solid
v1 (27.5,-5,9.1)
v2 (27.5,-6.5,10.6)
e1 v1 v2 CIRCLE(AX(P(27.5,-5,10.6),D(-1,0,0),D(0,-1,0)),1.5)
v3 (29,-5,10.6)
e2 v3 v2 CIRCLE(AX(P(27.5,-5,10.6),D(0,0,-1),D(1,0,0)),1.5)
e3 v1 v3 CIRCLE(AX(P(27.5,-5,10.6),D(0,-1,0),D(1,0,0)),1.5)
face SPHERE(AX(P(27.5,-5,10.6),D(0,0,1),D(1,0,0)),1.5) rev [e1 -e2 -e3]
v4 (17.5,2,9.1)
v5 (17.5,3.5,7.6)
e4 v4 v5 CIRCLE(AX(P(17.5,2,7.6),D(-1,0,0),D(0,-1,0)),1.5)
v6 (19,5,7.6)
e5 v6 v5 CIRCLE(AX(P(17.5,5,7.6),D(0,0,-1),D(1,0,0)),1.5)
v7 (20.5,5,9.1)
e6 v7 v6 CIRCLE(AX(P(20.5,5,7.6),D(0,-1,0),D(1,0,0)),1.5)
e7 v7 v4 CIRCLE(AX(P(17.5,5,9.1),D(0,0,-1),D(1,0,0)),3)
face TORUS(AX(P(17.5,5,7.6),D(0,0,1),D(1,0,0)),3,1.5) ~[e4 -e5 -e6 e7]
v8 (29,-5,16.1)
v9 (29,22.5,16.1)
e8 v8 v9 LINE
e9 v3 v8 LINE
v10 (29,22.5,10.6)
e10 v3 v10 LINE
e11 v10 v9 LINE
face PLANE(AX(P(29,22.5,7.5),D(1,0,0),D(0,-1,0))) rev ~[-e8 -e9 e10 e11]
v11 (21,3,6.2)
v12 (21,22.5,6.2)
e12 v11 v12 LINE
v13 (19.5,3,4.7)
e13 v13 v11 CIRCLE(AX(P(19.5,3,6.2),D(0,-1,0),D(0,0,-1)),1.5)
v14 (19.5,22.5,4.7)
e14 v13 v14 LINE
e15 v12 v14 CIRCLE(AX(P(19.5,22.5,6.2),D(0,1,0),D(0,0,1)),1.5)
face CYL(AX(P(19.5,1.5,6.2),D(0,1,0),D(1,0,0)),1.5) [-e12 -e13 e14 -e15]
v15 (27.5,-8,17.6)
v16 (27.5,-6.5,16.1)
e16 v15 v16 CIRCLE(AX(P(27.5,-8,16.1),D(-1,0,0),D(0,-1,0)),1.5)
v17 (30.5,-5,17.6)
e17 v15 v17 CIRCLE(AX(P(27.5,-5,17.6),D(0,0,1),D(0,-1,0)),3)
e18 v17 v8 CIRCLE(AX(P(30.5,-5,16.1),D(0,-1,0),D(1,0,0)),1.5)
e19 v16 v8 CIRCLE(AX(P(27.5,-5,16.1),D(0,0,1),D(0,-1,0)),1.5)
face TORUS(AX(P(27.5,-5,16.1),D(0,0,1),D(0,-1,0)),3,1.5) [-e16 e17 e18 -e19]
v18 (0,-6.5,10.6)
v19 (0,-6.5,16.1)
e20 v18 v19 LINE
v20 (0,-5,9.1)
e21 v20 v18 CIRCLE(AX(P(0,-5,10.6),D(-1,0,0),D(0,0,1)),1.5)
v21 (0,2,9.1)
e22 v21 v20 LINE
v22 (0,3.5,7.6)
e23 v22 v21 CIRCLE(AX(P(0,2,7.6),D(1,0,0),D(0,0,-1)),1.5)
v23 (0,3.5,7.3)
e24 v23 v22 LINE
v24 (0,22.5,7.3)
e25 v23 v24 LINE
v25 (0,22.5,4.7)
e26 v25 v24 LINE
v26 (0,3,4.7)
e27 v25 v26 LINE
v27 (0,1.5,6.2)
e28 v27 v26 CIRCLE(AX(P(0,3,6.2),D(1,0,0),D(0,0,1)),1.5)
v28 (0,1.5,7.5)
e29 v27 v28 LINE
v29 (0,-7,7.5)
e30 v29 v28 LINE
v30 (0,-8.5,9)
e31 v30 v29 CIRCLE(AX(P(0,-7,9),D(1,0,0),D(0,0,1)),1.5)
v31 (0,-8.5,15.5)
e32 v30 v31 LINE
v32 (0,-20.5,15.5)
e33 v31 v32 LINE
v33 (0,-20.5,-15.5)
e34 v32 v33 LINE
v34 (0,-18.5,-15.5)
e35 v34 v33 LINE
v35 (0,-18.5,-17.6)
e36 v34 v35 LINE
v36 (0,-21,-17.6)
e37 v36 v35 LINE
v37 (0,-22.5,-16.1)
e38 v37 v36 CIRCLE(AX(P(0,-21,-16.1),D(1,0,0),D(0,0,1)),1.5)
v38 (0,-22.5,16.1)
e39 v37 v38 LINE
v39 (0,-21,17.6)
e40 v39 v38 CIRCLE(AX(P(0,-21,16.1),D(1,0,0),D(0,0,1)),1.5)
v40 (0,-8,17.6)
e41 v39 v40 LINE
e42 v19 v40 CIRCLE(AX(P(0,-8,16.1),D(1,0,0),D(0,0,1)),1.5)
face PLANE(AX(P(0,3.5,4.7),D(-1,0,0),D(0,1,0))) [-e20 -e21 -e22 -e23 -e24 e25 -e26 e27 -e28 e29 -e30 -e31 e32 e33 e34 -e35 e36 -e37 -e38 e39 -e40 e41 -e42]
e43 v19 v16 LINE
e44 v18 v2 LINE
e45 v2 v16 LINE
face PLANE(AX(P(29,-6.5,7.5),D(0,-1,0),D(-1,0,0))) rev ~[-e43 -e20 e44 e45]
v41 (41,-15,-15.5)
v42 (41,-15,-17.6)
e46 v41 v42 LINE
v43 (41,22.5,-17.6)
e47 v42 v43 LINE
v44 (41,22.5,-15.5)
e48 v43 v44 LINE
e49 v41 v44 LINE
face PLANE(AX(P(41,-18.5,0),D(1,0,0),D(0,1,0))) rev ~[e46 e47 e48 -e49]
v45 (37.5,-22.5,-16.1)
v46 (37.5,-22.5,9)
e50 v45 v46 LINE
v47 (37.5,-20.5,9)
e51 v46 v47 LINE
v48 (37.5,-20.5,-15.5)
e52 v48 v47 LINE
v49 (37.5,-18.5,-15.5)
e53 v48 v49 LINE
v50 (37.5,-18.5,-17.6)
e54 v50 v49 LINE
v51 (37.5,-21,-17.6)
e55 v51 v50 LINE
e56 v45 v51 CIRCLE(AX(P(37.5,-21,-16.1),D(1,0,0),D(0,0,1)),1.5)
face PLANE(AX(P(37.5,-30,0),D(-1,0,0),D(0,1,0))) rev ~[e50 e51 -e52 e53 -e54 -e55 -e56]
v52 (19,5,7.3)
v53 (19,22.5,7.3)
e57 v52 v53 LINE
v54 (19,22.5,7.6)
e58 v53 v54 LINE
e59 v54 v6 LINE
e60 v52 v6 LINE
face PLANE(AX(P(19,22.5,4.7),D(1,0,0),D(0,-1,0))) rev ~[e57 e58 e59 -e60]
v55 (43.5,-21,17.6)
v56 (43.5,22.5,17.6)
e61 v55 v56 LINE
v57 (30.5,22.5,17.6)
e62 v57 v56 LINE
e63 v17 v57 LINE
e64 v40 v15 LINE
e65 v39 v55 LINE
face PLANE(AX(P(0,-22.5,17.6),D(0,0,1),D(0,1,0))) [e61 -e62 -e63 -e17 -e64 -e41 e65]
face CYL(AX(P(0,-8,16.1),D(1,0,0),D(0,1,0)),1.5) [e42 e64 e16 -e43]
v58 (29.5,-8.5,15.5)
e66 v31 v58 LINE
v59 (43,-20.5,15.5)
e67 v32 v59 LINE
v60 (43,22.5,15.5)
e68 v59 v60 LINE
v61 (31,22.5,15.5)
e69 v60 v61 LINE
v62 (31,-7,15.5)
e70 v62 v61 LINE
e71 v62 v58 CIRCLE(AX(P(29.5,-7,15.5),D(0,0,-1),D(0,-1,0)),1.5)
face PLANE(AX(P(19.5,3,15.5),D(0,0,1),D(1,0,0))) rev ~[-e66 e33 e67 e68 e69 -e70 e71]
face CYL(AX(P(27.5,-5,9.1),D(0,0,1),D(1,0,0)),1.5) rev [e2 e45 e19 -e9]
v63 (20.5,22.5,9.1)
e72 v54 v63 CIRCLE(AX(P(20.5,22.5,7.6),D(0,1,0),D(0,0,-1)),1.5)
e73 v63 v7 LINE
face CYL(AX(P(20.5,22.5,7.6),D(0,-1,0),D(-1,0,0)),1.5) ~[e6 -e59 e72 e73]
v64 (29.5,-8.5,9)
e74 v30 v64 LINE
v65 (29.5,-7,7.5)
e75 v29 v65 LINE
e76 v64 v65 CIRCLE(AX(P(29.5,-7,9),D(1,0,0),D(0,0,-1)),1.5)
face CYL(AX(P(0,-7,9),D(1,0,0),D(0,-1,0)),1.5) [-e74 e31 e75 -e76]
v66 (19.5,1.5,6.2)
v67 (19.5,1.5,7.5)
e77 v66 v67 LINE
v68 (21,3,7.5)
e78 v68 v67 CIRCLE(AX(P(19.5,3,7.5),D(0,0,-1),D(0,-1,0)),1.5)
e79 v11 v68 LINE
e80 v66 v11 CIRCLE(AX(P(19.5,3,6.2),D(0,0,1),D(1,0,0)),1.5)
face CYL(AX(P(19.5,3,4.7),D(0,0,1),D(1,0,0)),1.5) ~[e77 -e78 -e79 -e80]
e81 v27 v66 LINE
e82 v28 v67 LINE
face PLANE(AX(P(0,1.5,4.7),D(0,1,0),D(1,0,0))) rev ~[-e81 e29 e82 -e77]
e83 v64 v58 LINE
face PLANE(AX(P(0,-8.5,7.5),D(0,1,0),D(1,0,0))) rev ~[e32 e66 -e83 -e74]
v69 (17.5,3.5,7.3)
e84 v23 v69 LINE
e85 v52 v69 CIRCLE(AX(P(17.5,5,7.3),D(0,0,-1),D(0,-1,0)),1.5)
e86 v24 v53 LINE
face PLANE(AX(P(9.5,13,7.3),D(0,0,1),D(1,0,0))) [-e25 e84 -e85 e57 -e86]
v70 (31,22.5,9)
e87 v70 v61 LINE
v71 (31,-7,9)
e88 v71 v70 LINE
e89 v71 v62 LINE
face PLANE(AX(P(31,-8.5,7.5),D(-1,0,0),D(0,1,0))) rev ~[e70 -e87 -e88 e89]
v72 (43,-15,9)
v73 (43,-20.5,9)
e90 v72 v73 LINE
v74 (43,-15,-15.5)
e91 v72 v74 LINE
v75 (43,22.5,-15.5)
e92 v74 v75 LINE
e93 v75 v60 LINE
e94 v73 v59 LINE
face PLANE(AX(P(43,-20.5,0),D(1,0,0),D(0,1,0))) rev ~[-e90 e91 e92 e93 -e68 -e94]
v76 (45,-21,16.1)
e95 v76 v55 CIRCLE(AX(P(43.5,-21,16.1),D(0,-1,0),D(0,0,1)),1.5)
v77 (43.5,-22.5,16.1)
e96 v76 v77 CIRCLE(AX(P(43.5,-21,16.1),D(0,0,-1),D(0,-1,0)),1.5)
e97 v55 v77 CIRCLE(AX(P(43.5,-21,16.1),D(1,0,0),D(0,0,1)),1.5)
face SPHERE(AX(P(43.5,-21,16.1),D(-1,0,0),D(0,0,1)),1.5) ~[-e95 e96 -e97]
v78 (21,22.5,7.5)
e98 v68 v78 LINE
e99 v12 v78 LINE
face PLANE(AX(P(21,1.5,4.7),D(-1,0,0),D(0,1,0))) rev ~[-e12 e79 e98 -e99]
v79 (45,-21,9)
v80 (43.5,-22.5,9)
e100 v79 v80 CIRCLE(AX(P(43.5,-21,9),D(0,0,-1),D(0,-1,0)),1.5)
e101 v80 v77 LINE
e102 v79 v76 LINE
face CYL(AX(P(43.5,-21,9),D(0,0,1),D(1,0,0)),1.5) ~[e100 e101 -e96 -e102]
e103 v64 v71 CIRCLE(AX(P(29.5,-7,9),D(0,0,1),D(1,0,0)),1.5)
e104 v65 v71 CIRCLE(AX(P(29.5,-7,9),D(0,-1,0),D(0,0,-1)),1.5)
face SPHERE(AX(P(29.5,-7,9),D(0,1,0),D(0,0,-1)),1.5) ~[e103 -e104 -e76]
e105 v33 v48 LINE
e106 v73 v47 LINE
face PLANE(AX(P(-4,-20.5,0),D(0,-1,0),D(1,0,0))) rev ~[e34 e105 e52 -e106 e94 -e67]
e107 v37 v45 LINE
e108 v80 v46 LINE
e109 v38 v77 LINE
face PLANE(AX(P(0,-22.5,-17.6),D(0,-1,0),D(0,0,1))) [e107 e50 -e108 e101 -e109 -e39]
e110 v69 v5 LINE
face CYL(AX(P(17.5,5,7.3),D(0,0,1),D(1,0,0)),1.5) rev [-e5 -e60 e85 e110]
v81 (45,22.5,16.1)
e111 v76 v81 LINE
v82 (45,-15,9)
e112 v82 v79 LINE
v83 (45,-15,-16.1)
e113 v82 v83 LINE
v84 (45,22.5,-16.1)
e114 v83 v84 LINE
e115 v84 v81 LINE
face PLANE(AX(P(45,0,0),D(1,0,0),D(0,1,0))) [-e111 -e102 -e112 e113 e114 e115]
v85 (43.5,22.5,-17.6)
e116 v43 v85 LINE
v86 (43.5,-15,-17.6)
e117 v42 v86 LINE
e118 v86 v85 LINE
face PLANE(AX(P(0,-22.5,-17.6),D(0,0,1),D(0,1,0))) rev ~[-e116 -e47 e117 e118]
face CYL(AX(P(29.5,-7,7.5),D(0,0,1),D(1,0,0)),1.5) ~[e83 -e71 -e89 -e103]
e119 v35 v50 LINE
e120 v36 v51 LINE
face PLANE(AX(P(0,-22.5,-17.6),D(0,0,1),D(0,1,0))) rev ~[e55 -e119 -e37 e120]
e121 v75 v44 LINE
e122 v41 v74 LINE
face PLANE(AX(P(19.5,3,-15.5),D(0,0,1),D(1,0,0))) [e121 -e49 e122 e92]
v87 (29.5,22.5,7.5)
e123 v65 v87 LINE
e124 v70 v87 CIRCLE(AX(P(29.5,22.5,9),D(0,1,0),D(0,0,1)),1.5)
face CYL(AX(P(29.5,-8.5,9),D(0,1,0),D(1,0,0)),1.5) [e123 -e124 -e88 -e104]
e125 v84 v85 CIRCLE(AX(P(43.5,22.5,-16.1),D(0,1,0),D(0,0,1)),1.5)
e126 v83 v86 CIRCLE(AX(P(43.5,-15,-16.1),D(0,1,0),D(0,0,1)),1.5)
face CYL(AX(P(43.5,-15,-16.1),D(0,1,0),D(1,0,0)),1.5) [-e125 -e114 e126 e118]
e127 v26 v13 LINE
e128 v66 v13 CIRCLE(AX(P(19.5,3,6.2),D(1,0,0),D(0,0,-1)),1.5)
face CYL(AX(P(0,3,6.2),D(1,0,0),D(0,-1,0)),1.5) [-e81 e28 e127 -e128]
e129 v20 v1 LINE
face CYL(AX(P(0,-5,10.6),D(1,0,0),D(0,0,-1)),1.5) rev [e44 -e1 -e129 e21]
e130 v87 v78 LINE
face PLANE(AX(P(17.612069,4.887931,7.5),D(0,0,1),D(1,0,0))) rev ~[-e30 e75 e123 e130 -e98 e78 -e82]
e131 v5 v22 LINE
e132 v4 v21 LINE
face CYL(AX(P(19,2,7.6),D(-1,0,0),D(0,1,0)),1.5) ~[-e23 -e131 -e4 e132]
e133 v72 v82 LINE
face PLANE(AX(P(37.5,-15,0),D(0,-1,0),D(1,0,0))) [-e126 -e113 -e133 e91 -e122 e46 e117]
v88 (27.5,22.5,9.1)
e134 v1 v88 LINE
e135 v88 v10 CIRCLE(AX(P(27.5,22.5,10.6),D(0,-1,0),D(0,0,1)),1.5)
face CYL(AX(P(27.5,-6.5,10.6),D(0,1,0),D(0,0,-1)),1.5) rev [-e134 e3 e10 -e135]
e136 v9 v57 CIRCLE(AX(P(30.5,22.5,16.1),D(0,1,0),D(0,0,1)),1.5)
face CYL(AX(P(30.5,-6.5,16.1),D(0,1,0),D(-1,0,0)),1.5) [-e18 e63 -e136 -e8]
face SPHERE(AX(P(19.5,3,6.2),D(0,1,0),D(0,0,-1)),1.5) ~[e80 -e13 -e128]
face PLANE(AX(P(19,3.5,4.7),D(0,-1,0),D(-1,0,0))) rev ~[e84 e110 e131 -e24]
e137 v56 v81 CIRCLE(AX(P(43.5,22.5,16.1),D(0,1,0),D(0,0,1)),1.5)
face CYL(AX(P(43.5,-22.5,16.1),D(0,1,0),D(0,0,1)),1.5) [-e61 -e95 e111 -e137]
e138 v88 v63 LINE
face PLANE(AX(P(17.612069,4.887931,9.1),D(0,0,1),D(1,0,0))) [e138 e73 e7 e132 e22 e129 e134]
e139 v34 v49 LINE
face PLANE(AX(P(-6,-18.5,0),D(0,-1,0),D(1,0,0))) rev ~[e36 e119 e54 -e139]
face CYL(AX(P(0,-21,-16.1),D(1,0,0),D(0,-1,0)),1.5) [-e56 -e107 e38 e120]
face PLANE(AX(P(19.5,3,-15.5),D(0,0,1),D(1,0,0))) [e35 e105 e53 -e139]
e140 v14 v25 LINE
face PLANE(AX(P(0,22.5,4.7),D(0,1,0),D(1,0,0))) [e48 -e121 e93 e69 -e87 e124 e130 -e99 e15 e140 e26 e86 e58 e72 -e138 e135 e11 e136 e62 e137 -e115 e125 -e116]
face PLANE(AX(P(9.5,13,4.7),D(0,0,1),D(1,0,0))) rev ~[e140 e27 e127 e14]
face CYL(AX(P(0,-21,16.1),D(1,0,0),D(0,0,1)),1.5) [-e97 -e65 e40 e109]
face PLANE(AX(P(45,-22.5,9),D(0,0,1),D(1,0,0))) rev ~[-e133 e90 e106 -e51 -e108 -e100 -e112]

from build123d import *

# Parameters (mm, degrees)
F0_W          = 45
F0_H          = 35.2
F1_DEPTH      = 45
F2_W          = 29
F2_H          = 29
F3_DEPTH      = 22.5
F4_W          = 47
F4_H          = 47
F5_DEPTH      = 15.5
F6_W          = 47
F6_H          = 47
F7_DEPTH      = 28
F8_W          = 15
F8_H          = 15
F9_DEPTH      = 24.7
F9_DEPTH_BACK = 9
F11_START     = 7.5
F11_DEPTH     = 8
F13_START     = 7.5
F13_DEPTH     = 1.6
F15_START     = 4.7
F15_DEPTH     = 2.8
F17_START     = 4.7
F16_W         = 19
F16_H         = 19
F17_DEPTH     = 2.6
F18_R         = 1.5


with BuildPart() as f1:
    # F0 (on Right) → F1 (new body)
    with BuildSketch(Plane.YZ):
        Rectangle(F0_W, F0_H)
    extrude(amount=F1_DEPTH)

    # F2 (on Top) → F3 (cut, symmetric)
    with BuildSketch(Plane.XY):
        with Locations((14.5, 8)):
            Rectangle(F2_W, F2_H)
    extrude(amount=F3_DEPTH, both=True, mode=Mode.SUBTRACT)

    # F4 (on Top) → F5 (cut, symmetric)
    with BuildSketch(Plane.XY):
        with Locations((19.5, 3)):
            Rectangle(F4_W, F4_H)
    extrude(amount=F5_DEPTH, both=True, mode=Mode.SUBTRACT)

    # F6 (on Top) → F7 (cut)
    with BuildSketch(Plane.XY):
        with Locations((17.5, 5)):
            Rectangle(F6_W, F6_H)
    extrude(amount=-F7_DEPTH, mode=Mode.SUBTRACT)

    # F8 (on Top) → F9 (cut, two sides)
    with BuildSketch(Plane.XY) as f9_sk:
        with Locations((45, -22.5)):
            Rectangle(F8_W, F8_H)
    extrude(amount=-F9_DEPTH, mode=Mode.SUBTRACT)
    extrude(f9_sk.sketch, amount=F9_DEPTH_BACK, mode=Mode.SUBTRACT)

    # F10 (on Top) → F11 (join)
    with BuildSketch(Plane.XY.offset(F11_START)):
        Polygon((31, 22.5), (29, 22.5), (29, -6.5), (0, -6.5), (0, -8.5), (31, -8.5), align=None)
    extrude(amount=F11_DEPTH)

    # F12 (on Top) → F13 (join)
    with BuildSketch(Plane.XY.offset(F13_START)):
        Polygon((29, -6.5), (29, 22.5), (19, 22.5), (19, 3.5), (0, 3.5), (0, -6.5), align=None)
    extrude(amount=F13_DEPTH)

    # F14 (on Top) → F15 (join)
    with BuildSketch(Plane.XY.offset(F15_START)):
        Polygon((21, 22.5), (19, 22.5), (19, 3.5), (0, 3.5), (0, 1.5), (21, 1.5), align=None)
    extrude(amount=F15_DEPTH)

    # F16 (on Top) → F17 (join)
    with BuildSketch(Plane.XY.offset(F17_START)):
        with Locations((9.5, 13)):
            Rectangle(F16_W, F16_H)
    extrude(amount=F17_DEPTH)

    # F18
    f18_edges = [f1.edges().sort_by_distance(p)[0] for p in [
        (22.5, -22.5, 17.6),
        (45, 0, 17.6),
        (45, 3.75, -17.6),
        (18.75, -22.5, -17.6),
        (14.5, -6.5, 17.6),
        (29, 8, 17.6),
        (29, -6.5, 13.35),
        (45, -22.5, 13.3),
        (29, 8, 9.1),
        (14.5, -6.5, 9.1),
        (19, 13, 9.1),
        (9.5, 3.5, 9.1),
        (19, 3.5, 8.2),
        (31, 7, 7.5),
        (21, 12, 4.7),
        (10.5, 1.5, 4.7),
        (15.5, -8.5, 7.5),
        (21, 1.5, 6.1),
        (31, -8.5, 11.5),
    ]]
    fillet(f18_edges, radius=F18_R)


solid = f1.part
